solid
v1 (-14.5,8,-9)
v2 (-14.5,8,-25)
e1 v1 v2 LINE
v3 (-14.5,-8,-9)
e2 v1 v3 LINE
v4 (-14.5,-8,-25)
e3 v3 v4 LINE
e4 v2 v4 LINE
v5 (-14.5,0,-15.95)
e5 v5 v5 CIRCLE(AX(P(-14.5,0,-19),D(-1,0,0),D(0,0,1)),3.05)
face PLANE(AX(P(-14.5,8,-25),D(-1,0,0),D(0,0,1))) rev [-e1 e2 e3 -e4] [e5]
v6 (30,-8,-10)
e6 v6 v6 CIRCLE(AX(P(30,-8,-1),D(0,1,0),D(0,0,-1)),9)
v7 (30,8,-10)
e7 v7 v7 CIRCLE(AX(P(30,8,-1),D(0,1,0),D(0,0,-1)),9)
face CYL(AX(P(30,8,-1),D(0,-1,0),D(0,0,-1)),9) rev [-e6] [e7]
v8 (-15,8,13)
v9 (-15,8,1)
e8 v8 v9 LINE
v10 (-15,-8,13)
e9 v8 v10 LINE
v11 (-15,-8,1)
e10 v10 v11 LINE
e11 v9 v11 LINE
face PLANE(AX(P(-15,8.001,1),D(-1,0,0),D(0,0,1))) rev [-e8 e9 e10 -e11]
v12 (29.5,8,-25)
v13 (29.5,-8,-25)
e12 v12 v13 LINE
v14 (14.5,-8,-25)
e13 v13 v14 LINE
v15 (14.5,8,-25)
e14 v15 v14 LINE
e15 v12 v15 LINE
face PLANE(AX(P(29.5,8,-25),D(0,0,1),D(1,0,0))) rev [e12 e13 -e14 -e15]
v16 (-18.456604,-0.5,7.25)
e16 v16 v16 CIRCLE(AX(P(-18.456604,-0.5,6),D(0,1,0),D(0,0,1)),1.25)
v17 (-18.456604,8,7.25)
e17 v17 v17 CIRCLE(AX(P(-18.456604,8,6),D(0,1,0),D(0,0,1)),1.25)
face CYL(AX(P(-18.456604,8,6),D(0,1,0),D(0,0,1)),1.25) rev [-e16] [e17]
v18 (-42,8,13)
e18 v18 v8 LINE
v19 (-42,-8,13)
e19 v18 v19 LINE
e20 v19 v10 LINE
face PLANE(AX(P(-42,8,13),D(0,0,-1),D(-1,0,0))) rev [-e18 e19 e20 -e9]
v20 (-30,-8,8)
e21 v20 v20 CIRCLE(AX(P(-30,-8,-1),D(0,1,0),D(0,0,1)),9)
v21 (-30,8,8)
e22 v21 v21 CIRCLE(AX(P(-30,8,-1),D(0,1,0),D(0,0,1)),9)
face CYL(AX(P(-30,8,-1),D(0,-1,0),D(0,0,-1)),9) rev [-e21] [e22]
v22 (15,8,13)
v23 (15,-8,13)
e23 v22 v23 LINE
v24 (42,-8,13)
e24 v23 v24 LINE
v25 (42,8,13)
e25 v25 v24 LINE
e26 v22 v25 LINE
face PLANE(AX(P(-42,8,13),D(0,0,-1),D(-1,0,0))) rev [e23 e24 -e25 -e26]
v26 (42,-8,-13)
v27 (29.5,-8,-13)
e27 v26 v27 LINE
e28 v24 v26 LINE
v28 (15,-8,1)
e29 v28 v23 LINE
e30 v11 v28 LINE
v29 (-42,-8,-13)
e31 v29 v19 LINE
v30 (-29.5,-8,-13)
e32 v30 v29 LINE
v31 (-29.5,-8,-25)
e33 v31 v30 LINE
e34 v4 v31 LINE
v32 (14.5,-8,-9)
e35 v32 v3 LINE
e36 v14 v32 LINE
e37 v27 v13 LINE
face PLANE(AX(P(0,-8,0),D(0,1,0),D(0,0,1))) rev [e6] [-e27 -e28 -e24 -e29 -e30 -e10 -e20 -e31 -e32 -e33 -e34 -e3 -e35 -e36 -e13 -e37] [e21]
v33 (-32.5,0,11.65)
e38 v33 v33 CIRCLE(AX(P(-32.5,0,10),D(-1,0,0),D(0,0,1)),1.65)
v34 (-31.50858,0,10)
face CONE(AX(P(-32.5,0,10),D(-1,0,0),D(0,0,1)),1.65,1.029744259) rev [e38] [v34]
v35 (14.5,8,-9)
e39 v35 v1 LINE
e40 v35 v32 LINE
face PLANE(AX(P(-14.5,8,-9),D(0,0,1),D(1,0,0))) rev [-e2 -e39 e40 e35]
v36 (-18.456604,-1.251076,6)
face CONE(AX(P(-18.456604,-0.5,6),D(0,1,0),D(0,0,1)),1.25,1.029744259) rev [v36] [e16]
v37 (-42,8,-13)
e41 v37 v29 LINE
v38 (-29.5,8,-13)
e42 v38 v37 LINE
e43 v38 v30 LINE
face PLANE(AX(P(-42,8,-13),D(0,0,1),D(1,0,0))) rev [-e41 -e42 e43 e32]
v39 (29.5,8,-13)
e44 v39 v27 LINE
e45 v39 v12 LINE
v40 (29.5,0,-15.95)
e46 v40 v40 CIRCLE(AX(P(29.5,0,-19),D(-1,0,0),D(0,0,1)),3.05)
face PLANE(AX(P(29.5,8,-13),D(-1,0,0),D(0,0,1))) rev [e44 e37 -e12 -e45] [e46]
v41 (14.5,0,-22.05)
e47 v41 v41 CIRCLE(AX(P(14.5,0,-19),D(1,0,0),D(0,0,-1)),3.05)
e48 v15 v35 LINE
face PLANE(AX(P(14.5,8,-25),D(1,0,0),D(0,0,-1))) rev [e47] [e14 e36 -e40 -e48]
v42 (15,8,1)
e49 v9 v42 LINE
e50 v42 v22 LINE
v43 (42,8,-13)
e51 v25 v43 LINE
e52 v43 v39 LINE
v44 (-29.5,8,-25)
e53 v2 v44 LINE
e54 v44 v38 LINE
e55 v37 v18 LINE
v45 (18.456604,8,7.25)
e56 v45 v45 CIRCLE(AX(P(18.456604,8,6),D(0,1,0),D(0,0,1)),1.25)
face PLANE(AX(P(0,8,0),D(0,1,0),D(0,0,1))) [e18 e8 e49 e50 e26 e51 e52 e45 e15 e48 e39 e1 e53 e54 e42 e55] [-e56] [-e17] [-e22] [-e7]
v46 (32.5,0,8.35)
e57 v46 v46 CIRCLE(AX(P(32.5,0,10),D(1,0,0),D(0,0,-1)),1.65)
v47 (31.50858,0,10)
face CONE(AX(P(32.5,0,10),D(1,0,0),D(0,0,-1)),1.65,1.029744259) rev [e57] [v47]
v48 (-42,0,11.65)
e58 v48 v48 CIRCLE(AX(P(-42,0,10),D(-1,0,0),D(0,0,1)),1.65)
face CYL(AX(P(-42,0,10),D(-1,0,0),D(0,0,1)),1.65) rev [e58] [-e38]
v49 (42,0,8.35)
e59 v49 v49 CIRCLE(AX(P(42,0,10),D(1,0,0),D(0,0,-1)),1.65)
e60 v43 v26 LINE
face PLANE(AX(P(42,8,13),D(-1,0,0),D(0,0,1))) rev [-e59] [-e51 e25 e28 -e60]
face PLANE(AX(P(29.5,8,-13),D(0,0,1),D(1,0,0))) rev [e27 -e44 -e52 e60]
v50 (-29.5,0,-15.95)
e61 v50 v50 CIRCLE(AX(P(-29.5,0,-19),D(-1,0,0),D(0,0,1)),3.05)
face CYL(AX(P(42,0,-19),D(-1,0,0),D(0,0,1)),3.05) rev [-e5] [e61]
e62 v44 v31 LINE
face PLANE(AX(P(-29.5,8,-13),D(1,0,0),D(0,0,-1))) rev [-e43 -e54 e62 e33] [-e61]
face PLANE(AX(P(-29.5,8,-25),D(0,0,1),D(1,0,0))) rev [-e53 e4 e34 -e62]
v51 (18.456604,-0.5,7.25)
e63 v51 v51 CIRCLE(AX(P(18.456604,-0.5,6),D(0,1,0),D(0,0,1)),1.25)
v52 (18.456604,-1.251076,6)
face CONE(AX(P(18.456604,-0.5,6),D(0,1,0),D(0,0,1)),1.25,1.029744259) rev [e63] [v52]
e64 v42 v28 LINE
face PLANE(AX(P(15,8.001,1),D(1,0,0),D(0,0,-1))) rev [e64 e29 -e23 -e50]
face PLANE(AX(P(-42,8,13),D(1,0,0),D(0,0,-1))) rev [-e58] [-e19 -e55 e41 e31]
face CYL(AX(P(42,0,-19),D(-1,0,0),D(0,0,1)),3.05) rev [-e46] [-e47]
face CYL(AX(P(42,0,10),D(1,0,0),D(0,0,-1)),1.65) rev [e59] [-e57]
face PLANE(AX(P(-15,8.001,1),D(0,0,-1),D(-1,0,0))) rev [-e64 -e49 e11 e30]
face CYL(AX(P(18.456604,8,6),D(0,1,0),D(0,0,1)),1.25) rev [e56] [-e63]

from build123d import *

# Parameters (mm, degrees)
SKETCH_1_R             = 9
EXTRUDE_1_DEPTH        = 8
SKETCH_7_R             = 3.05
CUT_EXTRUDE_1_DEPTH    = 77.165937269
CUT_EXTRUDE_2_REACH    = 53.43
SKETCH_10_W            = 30
SKETCH_10_H            = 12
HOLE_WIZARD_M3_1_D     = 2.5
HOLE_WIZARD_M3_1_DEPTH = 8.5
HOLE_WIZARD_M3_1_TIP   = 0.751075774


with BuildPart() as part:
    # 草图1 → 凸台-拉伸1 (new, symmetric)
    with BuildSketch(Plane(origin=(0, 0, 0), x_dir=(1, 0, 0), z_dir=(0, 1, 0))):
        Polygon((-42, -13), (42, -13), (42, 13), (29.5, 13), (29.5, 25), (14.5, 25), (14.5, 9), (-14.5, 9), (-14.5, 25), (-29.5, 25), (-29.5, 13), (-42, 13), align=None)
        with Locations(Location((-30, 1, 0), (0, 0, 270))):
            Circle(SKETCH_1_R, mode=Mode.SUBTRACT)
        with Locations(Location((30, 1, 0), (0, 0, 90))):
            Circle(SKETCH_1_R, mode=Mode.SUBTRACT)
    extrude(amount=EXTRUDE_1_DEPTH, both=True)

    # 草图7 → 切除-拉伸1 (cut, through all)
    with BuildSketch(Plane.ZY.offset(29.5)):
        with Locations((-19, 0)):
            Circle(SKETCH_7_R)
    extrude(amount=-CUT_EXTRUDE_1_DEPTH, mode=Mode.SUBTRACT)

    # 草图10 → 切除-拉伸2 (cut, up to next)
    with BuildSketch(Plane.XZ.offset(8), mode=Mode.PRIVATE) as cut_extrude_2_sk1:
        with Locations((0, 7)):
            Rectangle(SKETCH_10_W, SKETCH_10_H)
    cut_extrude_2_tool1 = extrude(cut_extrude_2_sk1.sketch, amount=-CUT_EXTRUDE_2_REACH, mode=Mode.PRIVATE) & part.part
    add(cut_extrude_2_tool1.solids().sort_by_distance((0, -8, 7))[0], mode=Mode.SUBTRACT)

    # 草图8 → M4 螺纹孔1 (revolve, cut)
    with BuildSketch(Plane(origin=(42, 0, 10), x_dir=(0, 0, -1), z_dir=(0, 1, 0))):
        Polygon((0, 0), (0, 10.491420021), (1.65, 9.5), (1.65, 0), align=None)
    hole_wizard_m4_1 = revolve(axis=Axis((48.35, 0, 10), (-1, 0, 0)), mode=Mode.SUBTRACT)

    # 镜向1: M4 螺纹孔1 across plane
    add(hole_wizard_m4_1.mirror(Plane(origin=(0, 0, 0), x_dir=(0, 0, 1), z_dir=(1, 0, 0))), mode=Mode.SUBTRACT)

    # M3 螺纹孔1
    with Locations(Plane(origin=(0, 8, 0), x_dir=(1, 0, 0), z_dir=(0, 1, 0))):
        with Locations((-18.456603619, -6), (18.456603619, -6)):
            Hole(HOLE_WIZARD_M3_1_D / 2, depth=HOLE_WIZARD_M3_1_DEPTH)
            with Locations((0, 0, -(HOLE_WIZARD_M3_1_DEPTH + HOLE_WIZARD_M3_1_TIP / 2))):  # 118° drill point
                Cone(0, HOLE_WIZARD_M3_1_D / 2, HOLE_WIZARD_M3_1_TIP, mode=Mode.SUBTRACT)


solid = part.part
